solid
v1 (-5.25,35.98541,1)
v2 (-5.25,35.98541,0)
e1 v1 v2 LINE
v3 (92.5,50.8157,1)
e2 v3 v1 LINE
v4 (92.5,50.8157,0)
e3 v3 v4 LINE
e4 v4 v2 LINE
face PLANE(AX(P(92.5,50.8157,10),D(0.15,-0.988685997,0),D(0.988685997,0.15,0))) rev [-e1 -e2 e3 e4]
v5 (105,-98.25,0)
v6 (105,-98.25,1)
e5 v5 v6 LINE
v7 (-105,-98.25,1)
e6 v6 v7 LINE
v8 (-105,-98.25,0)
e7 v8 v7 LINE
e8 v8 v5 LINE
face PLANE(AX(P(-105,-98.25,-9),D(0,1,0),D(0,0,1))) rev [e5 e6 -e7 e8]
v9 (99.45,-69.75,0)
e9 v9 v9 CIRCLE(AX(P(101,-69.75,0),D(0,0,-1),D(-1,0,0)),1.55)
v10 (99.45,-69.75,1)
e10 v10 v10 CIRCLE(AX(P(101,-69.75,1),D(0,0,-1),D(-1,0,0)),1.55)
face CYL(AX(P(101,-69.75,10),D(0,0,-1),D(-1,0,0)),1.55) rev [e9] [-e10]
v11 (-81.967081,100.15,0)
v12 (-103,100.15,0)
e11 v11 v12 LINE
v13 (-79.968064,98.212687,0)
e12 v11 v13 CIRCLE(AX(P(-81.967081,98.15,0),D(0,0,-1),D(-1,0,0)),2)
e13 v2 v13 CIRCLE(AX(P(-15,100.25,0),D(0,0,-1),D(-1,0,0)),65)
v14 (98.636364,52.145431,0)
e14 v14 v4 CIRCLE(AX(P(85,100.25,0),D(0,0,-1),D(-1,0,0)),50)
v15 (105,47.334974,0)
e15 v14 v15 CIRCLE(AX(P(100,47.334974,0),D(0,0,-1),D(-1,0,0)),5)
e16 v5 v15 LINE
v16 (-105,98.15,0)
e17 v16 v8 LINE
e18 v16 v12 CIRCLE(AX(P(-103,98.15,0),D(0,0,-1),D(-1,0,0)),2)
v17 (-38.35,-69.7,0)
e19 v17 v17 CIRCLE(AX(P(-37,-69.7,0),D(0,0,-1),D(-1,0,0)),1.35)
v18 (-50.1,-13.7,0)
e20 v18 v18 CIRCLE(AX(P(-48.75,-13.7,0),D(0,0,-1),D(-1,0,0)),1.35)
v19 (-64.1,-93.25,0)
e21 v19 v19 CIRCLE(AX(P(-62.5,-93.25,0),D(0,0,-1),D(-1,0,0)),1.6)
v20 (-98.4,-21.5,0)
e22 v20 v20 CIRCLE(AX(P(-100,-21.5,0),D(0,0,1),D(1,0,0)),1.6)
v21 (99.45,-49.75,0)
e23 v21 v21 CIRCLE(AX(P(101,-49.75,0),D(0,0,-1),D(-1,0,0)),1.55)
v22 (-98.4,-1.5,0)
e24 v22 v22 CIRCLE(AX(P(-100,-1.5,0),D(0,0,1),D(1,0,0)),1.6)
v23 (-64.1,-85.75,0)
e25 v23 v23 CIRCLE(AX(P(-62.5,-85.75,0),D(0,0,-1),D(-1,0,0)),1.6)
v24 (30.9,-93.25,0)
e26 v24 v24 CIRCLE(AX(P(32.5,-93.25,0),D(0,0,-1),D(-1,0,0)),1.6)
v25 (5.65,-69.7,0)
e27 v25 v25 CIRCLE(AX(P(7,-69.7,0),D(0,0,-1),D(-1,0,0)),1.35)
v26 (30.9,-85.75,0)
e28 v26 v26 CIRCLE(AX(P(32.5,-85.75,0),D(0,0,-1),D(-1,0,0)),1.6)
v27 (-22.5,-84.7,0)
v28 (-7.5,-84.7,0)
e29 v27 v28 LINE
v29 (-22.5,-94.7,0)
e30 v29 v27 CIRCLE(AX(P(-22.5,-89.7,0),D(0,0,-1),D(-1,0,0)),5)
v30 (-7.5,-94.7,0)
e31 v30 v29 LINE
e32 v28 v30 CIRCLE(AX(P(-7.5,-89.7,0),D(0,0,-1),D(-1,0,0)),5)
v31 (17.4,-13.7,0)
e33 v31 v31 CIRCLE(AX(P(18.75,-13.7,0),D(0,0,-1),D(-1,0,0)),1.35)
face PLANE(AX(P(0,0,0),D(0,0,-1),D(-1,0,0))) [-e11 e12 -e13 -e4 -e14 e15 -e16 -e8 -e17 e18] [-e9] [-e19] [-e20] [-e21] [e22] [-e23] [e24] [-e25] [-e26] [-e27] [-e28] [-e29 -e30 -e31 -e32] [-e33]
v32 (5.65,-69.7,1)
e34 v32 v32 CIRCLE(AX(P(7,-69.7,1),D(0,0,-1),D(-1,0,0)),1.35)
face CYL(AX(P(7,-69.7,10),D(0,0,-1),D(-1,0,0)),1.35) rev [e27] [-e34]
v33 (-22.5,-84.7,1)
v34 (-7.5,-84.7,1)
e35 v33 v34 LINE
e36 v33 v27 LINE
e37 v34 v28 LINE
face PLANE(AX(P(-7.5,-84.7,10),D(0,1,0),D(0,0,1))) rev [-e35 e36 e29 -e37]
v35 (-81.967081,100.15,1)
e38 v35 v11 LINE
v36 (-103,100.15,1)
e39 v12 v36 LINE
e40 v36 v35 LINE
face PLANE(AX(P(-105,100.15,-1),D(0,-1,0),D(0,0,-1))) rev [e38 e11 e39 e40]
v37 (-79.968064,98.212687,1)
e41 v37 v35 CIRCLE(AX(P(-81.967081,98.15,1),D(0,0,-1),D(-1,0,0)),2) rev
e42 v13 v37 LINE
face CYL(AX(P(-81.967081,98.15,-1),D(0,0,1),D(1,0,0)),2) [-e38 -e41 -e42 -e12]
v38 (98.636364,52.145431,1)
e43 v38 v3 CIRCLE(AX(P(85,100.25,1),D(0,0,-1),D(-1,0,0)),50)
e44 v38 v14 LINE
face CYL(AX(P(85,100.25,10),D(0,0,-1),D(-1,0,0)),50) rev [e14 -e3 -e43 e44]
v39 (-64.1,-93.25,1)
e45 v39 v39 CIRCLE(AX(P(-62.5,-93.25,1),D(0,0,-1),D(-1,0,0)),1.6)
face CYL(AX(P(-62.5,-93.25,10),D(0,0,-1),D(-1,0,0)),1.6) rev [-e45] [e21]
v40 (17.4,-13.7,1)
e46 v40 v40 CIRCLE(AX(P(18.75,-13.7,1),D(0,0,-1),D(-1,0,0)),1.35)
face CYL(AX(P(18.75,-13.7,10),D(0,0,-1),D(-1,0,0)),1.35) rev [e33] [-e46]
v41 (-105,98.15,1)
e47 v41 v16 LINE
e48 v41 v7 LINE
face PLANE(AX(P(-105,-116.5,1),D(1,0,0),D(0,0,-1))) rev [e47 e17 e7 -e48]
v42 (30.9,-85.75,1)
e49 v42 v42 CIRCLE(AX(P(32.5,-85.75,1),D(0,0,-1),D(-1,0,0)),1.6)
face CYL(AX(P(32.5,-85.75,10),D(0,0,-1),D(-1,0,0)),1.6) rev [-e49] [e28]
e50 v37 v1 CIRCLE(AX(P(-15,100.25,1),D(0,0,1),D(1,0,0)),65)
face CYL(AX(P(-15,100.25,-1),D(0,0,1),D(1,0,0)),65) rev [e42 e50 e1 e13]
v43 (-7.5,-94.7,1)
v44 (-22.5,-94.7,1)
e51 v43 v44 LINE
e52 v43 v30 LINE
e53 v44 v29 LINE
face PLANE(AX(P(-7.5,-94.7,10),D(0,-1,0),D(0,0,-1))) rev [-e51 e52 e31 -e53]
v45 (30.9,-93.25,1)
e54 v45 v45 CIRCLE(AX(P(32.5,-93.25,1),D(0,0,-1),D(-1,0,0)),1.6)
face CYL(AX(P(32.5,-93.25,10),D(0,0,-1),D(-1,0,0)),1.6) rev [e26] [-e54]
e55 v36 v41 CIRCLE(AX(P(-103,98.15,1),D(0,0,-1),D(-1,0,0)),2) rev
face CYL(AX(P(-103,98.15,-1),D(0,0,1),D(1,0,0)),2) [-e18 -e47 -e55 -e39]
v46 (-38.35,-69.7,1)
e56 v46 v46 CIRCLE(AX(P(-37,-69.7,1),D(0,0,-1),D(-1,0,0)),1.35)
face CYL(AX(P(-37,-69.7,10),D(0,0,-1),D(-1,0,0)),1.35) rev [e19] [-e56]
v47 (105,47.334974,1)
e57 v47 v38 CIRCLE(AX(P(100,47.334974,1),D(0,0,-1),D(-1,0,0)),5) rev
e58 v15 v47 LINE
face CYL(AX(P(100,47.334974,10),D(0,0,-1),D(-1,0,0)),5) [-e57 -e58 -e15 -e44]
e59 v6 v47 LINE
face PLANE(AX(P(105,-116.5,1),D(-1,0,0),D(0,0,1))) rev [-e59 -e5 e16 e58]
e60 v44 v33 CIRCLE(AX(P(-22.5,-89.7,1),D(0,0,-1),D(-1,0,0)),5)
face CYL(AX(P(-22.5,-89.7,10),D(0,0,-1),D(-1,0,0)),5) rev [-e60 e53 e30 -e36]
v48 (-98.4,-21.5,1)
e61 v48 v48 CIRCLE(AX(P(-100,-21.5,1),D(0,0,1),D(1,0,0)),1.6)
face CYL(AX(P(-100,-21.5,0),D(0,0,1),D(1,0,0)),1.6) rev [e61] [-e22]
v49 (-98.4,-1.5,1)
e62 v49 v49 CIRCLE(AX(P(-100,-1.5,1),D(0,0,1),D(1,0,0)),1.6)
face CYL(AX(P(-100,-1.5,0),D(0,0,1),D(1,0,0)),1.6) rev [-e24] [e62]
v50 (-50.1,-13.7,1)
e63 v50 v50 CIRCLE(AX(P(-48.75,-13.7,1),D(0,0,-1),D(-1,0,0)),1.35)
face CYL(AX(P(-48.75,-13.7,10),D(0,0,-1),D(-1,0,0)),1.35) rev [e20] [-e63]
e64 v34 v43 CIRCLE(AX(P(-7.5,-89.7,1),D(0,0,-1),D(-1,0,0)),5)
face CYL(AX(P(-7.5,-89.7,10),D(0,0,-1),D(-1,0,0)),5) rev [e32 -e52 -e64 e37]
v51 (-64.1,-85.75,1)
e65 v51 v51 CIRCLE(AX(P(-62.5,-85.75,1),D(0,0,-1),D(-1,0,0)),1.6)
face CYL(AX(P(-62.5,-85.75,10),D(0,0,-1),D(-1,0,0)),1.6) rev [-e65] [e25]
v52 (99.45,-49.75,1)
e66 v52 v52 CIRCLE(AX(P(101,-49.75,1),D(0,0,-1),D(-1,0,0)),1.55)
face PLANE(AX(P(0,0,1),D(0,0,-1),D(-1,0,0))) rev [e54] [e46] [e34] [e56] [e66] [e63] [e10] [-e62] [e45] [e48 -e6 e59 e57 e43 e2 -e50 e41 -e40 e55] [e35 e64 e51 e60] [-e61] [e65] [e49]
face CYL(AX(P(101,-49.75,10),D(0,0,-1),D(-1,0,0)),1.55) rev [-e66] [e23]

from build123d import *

# Parameters (mm, degrees)
SKETCH_1_W           = 210
SKETCH_1_H           = 233
EXTRUDE_1_DEPTH      = 1
SKETCH_2_R           = 65
CUT_EXTRUDE_1_DEPTH  = 2
SKETCH_3_W           = 210
SKETCH_3_H           = 16.25
CUT_EXTRUDE_2_DEPTH  = 2
SKETCH_4_W           = 210
SKETCH_4_H           = 0.1
CUT_EXTRUDE_3_DEPTH  = 2
CUT_EXTRUDE_4_DEPTH  = 2
SKETCH_8_R           = 1.6
CUT_EXTRUDE_6_DEPTH  = 1
SKETCH_12_R          = 1.35
CUT_EXTRUDE_9_DEPTH  = 10
CUT_EXTRUDE_10_DEPTH = 10
FILLET_3_R           = 2
SKETCH_15_R          = 1.6
CUT_EXTRUDE_12_DEPTH = 10
SKETCH_17_R          = 1.55
CUT_EXTRUDE_13_DEPTH = 10
CUT_EXTRUDE_14_DEPTH = 10
FILLET_6_R           = 5
SKETCH_24_W          = 210
SKETCH_24_H          = 18.25
CUT_EXTRUDE_18_DEPTH = 10


with BuildPart() as part:
    # 草图1 → 凸台-拉伸1 (new body)
    with BuildSketch(Plane.XY):
        Rectangle(SKETCH_1_W, SKETCH_1_H)
    extrude(amount=EXTRUDE_1_DEPTH)

    # 草图2 → 切除-拉伸1 (cut)
    with BuildSketch(Plane.XY.offset(1)):
        with Locations((-15, 100.25)):
            Circle(SKETCH_2_R)
    extrude(amount=-CUT_EXTRUDE_1_DEPTH, mode=Mode.SUBTRACT)

    # 草图3 → 切除-拉伸2 (cut)
    with BuildSketch(Plane.XY.offset(1)):
        with Locations((0, 108.375)):
            Rectangle(SKETCH_3_W, SKETCH_3_H)
    extrude(amount=-CUT_EXTRUDE_2_DEPTH, mode=Mode.SUBTRACT)

    # 草图4 → 切除-拉伸3 (cut)
    with BuildSketch(Plane.XY.offset(1)):
        with Locations((0, 100.2)):
            Rectangle(SKETCH_4_W, SKETCH_4_H)
    extrude(amount=-CUT_EXTRUDE_3_DEPTH, mode=Mode.SUBTRACT)

    # 草图5 → 切除-拉伸4 (cut)
    with BuildSketch(Plane.XY.offset(1)):
        with BuildLine():
            Line((4.5, 38.243951908), (95.5, 66.86212795))
            ThreePointArc((95.5, 66.86212795), (105.715966735, 128.460790883), (50.000008252, 100.274034742))
            Line((50.000008252, 100.274034742), (49.999923077, 100.15))
            ThreePointArc((49.999923077, 100.15), (37.375079452, 61.755181486), (4.5, 38.243951908))
        make_face()
    extrude(amount=-CUT_EXTRUDE_4_DEPTH, mode=Mode.SUBTRACT)

    # 草图8 → 切除-拉伸6 (cut)
    with BuildSketch(Plane.XY.offset(1)):
        with Locations((-100, -21.5)):
            Circle(SKETCH_8_R)
        with Locations((-100, -1.5)):
            Circle(SKETCH_8_R)
    extrude(amount=-CUT_EXTRUDE_6_DEPTH, mode=Mode.SUBTRACT)

    # 草图12 → 切除-拉伸9 (cut)
    with BuildSketch(Plane(origin=(0, 0, 0), x_dir=(-1, 0, 0), z_dir=(0, 0, -1))):
        with Locations((-18.75, -13.7)):
            Circle(SKETCH_12_R)
        with Locations((48.75, -13.7)):
            Circle(SKETCH_12_R)
        with Locations((-7, -69.7)):
            Circle(SKETCH_12_R)
        with Locations((37, -69.7)):
            Circle(SKETCH_12_R)
    extrude(amount=-CUT_EXTRUDE_9_DEPTH, mode=Mode.SUBTRACT)

    # 草图13 → 切除-拉伸10 (cut)
    with BuildSketch(Plane(origin=(0, 0, 0), x_dir=(-1, 0, 0), z_dir=(0, 0, -1))):
        with BuildLine():
            Line((7.5, -84.7), (22.5, -84.7))
            ThreePointArc((22.5, -84.7), (27.5, -89.7), (22.5, -94.7))
            Line((22.5, -94.7), (7.5, -94.7))
            ThreePointArc((7.5, -94.7), (2.5, -89.7), (7.5, -84.7))
        make_face()
    extrude(amount=-CUT_EXTRUDE_10_DEPTH, mode=Mode.SUBTRACT)

    # 圆角3
    fillet_3_edges = [part.edges().sort_by_distance(p)[0] for p in [
        (105, 71.527186767, 0.5),
        (-79.999923077, 100.15, 0.5),
        (-105, 100.15, 0.5),
        (105, -116.5, 0.5),
        (-105, -116.5, 0.5),
    ]]
    fillet(fillet_3_edges, radius=FILLET_3_R)

    # 草图15 → 切除-拉伸12 (cut)
    with BuildSketch(Plane(origin=(0, 0, 0), x_dir=(-1, 0, 0), z_dir=(0, 0, -1))):
        with Locations((-32.5, -85.75)):
            Circle(SKETCH_15_R)
        with Locations((-32.5, -93.25)):
            Circle(SKETCH_15_R)
        with Locations((62.5, -85.75)):
            Circle(SKETCH_15_R)
        with Locations((62.5, -93.25)):
            Circle(SKETCH_15_R)
    extrude(amount=-CUT_EXTRUDE_12_DEPTH, mode=Mode.SUBTRACT)

    # 草图17 → 切除-拉伸13 (cut)
    with BuildSketch(Plane(origin=(0, 0, 0), x_dir=(-1, 0, 0), z_dir=(0, 0, -1))):
        with Locations((-101, -49.75)):
            Circle(SKETCH_17_R)
        with Locations((-101, -69.75)):
            Circle(SKETCH_17_R)
    extrude(amount=-CUT_EXTRUDE_13_DEPTH, mode=Mode.SUBTRACT)

    # 草图18 → 切除-拉伸14 (cut)
    with BuildSketch(Plane(origin=(0, 0, 0), x_dir=(-1, 0, 0), z_dir=(0, 0, -1))):
        with BuildLine():
            Line((-92.5, 50.815700167), (5.25, 35.985410217))
            Line((5.25, 35.985410217), (-105, 79.42424305))
            Line((-105, 79.42424305), (-105, 54.42424305))
            ThreePointArc((-105, 54.42424305), (-98.86787278, 52.211660056), (-92.5, 50.815700167))
        make_face()
    extrude(amount=-CUT_EXTRUDE_14_DEPTH, mode=Mode.SUBTRACT)

    # 圆角6
    fillet_6_edges = [part.edges().sort_by_distance(p)[0] for p in [
        (105, 54.42424305, 0.5),
    ]]
    fillet(fillet_6_edges, radius=FILLET_6_R)

    # 草图24 → 切除-拉伸18 (cut)
    with BuildSketch(Plane.XY.offset(1)):
        with Locations((0, -107.375)):
            Rectangle(SKETCH_24_W, SKETCH_24_H)
    extrude(amount=-CUT_EXTRUDE_18_DEPTH, mode=Mode.SUBTRACT)


solid = part.part
